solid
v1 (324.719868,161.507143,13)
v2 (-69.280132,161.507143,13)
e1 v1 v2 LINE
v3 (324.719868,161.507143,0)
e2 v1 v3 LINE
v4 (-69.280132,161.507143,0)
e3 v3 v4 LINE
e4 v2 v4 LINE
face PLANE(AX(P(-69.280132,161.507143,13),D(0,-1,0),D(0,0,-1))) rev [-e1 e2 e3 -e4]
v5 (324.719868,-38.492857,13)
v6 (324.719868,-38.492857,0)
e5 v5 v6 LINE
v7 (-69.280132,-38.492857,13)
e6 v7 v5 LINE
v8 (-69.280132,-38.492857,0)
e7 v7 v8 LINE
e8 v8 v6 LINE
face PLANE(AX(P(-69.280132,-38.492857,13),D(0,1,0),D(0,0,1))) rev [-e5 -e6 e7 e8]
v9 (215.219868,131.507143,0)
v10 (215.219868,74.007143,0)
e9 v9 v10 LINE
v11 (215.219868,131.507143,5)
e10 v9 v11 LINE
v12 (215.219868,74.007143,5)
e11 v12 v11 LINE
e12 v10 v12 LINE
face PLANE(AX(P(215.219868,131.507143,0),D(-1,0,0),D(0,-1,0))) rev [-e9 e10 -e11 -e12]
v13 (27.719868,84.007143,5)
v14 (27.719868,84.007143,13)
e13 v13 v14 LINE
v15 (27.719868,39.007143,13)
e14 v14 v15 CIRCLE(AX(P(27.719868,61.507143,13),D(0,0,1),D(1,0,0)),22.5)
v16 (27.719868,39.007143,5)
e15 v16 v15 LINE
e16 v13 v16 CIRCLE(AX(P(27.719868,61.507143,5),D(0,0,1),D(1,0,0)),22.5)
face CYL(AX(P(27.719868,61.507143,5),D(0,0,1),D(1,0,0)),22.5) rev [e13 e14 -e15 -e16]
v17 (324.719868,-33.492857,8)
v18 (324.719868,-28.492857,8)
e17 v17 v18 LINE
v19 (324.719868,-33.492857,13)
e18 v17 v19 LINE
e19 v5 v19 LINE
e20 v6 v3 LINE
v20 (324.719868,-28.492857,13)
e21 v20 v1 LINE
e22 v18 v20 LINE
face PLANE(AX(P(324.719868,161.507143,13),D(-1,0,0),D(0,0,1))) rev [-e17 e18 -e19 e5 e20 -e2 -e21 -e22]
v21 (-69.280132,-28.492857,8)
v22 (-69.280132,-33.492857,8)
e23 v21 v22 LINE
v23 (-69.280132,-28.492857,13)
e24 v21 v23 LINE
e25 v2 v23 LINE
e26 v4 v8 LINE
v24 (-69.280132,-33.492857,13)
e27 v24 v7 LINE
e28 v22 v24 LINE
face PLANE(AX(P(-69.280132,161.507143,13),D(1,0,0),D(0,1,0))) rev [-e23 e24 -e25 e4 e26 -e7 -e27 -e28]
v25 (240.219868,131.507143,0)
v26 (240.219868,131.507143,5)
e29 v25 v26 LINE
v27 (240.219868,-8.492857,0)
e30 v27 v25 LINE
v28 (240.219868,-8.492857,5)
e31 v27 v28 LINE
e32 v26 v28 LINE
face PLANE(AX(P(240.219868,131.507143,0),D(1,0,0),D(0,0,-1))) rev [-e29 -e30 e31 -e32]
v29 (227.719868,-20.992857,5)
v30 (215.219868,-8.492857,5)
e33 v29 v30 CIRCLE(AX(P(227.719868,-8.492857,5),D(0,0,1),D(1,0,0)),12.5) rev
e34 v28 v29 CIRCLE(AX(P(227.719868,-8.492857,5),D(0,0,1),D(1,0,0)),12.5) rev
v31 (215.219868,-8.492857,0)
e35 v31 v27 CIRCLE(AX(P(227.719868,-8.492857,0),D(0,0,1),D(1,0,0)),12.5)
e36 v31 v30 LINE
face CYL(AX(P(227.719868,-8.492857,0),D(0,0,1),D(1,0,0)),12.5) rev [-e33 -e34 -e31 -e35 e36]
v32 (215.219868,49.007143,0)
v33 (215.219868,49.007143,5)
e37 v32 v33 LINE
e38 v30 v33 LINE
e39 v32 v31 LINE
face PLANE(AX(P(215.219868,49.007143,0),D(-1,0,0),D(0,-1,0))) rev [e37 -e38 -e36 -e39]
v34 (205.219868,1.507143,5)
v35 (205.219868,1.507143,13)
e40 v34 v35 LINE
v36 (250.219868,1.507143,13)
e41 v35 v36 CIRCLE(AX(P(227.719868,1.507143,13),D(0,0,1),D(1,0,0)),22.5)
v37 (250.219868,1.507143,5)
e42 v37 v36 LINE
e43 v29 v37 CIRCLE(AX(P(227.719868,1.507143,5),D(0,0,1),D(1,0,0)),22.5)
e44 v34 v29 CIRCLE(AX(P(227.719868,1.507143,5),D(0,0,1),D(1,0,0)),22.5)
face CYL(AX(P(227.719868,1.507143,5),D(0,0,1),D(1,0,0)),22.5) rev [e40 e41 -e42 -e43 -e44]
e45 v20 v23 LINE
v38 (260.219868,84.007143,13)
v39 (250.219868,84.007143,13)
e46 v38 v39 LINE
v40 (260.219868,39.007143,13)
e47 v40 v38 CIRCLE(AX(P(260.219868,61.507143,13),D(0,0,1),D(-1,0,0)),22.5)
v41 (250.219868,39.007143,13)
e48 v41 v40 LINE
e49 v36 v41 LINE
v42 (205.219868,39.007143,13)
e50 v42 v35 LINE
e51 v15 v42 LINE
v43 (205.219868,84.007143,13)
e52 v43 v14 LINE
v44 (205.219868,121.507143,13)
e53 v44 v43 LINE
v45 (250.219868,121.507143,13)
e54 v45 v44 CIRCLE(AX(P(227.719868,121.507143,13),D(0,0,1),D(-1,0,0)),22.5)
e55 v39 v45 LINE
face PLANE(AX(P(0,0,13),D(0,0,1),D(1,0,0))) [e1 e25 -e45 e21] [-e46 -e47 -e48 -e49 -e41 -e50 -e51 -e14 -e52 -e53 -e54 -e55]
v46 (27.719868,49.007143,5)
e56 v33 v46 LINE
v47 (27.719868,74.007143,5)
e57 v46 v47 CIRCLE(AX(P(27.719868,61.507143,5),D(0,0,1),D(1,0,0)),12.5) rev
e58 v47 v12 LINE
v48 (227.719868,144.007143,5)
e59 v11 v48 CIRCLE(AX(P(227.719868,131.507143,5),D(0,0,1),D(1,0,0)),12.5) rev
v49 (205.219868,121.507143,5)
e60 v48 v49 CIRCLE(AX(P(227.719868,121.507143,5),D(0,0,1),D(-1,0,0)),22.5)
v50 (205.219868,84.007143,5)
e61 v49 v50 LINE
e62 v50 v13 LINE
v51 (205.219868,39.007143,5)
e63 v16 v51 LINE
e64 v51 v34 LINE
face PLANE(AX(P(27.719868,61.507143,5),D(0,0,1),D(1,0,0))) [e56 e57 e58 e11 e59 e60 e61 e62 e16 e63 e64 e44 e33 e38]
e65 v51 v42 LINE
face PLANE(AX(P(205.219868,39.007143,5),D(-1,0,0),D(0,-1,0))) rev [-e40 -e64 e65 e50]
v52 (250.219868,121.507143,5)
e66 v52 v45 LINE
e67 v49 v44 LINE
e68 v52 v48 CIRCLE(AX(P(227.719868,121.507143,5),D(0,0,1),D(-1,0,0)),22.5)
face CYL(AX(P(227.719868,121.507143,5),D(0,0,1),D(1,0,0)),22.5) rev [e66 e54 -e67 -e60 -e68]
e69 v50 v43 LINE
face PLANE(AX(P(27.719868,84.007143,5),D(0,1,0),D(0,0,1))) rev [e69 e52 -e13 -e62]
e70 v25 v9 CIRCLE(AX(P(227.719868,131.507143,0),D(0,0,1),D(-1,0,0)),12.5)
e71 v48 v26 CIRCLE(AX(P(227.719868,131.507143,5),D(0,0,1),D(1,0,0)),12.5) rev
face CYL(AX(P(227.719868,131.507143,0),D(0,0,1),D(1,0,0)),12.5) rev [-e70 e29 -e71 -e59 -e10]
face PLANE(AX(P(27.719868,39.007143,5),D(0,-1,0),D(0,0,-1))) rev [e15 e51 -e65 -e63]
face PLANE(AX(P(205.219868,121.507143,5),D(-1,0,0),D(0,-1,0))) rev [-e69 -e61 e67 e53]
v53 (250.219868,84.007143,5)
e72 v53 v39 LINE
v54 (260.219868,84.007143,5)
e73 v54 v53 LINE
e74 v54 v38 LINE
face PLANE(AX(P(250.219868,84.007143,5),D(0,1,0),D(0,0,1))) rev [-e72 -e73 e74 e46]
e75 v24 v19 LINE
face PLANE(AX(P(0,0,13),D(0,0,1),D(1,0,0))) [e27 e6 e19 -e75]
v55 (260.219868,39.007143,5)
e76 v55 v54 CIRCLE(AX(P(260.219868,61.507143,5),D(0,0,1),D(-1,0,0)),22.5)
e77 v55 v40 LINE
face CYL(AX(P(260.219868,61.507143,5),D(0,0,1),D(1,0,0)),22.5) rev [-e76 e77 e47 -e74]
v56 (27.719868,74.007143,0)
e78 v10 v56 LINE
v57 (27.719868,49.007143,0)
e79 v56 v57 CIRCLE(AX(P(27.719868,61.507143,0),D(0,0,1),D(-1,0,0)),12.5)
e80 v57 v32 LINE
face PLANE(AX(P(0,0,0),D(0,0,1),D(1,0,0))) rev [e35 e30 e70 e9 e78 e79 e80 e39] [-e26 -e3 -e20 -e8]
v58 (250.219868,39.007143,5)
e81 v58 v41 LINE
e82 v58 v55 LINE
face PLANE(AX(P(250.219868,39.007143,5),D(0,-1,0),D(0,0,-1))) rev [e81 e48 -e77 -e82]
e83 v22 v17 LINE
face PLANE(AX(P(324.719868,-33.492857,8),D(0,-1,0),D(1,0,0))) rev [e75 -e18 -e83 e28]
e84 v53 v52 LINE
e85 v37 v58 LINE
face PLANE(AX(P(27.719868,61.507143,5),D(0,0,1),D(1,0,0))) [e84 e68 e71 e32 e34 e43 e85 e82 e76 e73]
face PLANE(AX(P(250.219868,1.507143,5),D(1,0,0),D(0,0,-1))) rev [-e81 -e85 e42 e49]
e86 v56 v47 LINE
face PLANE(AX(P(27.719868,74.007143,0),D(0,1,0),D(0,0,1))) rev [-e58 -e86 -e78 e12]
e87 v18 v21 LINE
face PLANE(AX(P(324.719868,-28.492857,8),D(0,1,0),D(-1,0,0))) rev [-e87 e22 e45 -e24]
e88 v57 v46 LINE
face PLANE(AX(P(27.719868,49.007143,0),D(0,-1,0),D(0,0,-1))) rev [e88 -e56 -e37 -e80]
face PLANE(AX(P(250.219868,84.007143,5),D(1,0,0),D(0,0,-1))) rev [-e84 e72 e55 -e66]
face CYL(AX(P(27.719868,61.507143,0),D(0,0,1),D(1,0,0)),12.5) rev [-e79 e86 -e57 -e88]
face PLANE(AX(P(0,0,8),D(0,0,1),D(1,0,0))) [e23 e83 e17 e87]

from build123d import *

# Parameters (mm, degrees)
SKETCH_1_W          = 394
SKETCH_1_H          = 200
EXTRUDE_1_DEPTH     = 13
SKETCH_2_W          = 394
SKETCH_2_H          = 5
CUT_EXTRUDE_1_DEPTH = 5
CUT_EXTRUDE_2_DEPTH = 363.900192956
CUT_EXTRUDE_3_DEPTH = 8


with BuildPart() as part:
    # ｽｹｯﾁ1 → ﾎﾞｽ - 押し出し1 (new body)
    with BuildSketch(Plane.XY):
        with Locations((127.719868277, 61.507142857)):
            Rectangle(SKETCH_1_W, SKETCH_1_H)
    extrude(amount=EXTRUDE_1_DEPTH)

    # ｽｹｯﾁ2 → ｶｯﾄ - 押し出し1 (cut)
    with BuildSketch(Plane.XY.offset(13)):
        with Locations((127.719868277, -30.992857143)):
            Rectangle(SKETCH_2_W, SKETCH_2_H)
    extrude(amount=-CUT_EXTRUDE_1_DEPTH, mode=Mode.SUBTRACT)

    # ｽｹｯﾁ3 → ｶｯﾄ - 押し出し2 (cut, through all)
    with BuildSketch(Plane.XY.offset(13)):
        with BuildLine():
            Line((27.719868277, 74.007142857), (215.219868277, 74.007142857))
            Line((215.219868277, 74.007142857), (215.219868277, 131.507142857))
            ThreePointArc((215.219868277, 131.507142857), (227.719868277, 144.007142857), (240.219868277, 131.507142857))
            Line((240.219868277, 131.507142857), (240.219868277, -8.492857143))
            ThreePointArc((240.219868277, -8.492857143), (227.719868277, -20.992857143), (215.219868277, -8.492857143))
            Line((215.219868277, -8.492857143), (215.219868277, 49.007142857))
            Line((215.219868277, 49.007142857), (27.719868277, 49.007142857))
            ThreePointArc((27.719868277, 49.007142857), (15.219868277, 61.507142857), (27.719868277, 74.007142857))
        make_face()
    extrude(amount=-CUT_EXTRUDE_2_DEPTH, mode=Mode.SUBTRACT)

    # ｽｹｯﾁ6 → ｶｯﾄ - 押し出し3 (cut)
    with BuildSketch(Plane.XY.offset(13)):
        with BuildLine():
            Line((27.719868277, 84.007142857), (205.219868277, 84.007142857))
            Line((205.219868277, 84.007142857), (205.219868277, 121.507142857))
            ThreePointArc((205.219868277, 121.507142857), (227.719868277, 144.007142857), (250.219868277, 121.507142857))
            Line((250.219868277, 121.507142857), (250.219868277, 84.007142857))
            Line((250.219868277, 84.007142857), (260.219868277, 84.007142857))
            ThreePointArc((260.219868277, 84.007142857), (282.719868277, 61.507142857), (260.219868277, 39.007142857))
            Line((260.219868277, 39.007142857), (250.219868277, 39.007142857))
            Line((250.219868277, 39.007142857), (250.219868277, 1.507142857))
            ThreePointArc((250.219868277, 1.507142857), (227.719868277, -20.992857143), (205.219868277, 1.507142857))
            Line((205.219868277, 1.507142857), (205.219868277, 39.007142857))
            Line((205.219868277, 39.007142857), (27.719868277, 39.007142857))
            ThreePointArc((27.719868277, 39.007142857), (5.219868277, 61.507142857), (27.719868277, 84.007142857))
        make_face()
    extrude(amount=-CUT_EXTRUDE_3_DEPTH, mode=Mode.SUBTRACT)


solid = part.part
